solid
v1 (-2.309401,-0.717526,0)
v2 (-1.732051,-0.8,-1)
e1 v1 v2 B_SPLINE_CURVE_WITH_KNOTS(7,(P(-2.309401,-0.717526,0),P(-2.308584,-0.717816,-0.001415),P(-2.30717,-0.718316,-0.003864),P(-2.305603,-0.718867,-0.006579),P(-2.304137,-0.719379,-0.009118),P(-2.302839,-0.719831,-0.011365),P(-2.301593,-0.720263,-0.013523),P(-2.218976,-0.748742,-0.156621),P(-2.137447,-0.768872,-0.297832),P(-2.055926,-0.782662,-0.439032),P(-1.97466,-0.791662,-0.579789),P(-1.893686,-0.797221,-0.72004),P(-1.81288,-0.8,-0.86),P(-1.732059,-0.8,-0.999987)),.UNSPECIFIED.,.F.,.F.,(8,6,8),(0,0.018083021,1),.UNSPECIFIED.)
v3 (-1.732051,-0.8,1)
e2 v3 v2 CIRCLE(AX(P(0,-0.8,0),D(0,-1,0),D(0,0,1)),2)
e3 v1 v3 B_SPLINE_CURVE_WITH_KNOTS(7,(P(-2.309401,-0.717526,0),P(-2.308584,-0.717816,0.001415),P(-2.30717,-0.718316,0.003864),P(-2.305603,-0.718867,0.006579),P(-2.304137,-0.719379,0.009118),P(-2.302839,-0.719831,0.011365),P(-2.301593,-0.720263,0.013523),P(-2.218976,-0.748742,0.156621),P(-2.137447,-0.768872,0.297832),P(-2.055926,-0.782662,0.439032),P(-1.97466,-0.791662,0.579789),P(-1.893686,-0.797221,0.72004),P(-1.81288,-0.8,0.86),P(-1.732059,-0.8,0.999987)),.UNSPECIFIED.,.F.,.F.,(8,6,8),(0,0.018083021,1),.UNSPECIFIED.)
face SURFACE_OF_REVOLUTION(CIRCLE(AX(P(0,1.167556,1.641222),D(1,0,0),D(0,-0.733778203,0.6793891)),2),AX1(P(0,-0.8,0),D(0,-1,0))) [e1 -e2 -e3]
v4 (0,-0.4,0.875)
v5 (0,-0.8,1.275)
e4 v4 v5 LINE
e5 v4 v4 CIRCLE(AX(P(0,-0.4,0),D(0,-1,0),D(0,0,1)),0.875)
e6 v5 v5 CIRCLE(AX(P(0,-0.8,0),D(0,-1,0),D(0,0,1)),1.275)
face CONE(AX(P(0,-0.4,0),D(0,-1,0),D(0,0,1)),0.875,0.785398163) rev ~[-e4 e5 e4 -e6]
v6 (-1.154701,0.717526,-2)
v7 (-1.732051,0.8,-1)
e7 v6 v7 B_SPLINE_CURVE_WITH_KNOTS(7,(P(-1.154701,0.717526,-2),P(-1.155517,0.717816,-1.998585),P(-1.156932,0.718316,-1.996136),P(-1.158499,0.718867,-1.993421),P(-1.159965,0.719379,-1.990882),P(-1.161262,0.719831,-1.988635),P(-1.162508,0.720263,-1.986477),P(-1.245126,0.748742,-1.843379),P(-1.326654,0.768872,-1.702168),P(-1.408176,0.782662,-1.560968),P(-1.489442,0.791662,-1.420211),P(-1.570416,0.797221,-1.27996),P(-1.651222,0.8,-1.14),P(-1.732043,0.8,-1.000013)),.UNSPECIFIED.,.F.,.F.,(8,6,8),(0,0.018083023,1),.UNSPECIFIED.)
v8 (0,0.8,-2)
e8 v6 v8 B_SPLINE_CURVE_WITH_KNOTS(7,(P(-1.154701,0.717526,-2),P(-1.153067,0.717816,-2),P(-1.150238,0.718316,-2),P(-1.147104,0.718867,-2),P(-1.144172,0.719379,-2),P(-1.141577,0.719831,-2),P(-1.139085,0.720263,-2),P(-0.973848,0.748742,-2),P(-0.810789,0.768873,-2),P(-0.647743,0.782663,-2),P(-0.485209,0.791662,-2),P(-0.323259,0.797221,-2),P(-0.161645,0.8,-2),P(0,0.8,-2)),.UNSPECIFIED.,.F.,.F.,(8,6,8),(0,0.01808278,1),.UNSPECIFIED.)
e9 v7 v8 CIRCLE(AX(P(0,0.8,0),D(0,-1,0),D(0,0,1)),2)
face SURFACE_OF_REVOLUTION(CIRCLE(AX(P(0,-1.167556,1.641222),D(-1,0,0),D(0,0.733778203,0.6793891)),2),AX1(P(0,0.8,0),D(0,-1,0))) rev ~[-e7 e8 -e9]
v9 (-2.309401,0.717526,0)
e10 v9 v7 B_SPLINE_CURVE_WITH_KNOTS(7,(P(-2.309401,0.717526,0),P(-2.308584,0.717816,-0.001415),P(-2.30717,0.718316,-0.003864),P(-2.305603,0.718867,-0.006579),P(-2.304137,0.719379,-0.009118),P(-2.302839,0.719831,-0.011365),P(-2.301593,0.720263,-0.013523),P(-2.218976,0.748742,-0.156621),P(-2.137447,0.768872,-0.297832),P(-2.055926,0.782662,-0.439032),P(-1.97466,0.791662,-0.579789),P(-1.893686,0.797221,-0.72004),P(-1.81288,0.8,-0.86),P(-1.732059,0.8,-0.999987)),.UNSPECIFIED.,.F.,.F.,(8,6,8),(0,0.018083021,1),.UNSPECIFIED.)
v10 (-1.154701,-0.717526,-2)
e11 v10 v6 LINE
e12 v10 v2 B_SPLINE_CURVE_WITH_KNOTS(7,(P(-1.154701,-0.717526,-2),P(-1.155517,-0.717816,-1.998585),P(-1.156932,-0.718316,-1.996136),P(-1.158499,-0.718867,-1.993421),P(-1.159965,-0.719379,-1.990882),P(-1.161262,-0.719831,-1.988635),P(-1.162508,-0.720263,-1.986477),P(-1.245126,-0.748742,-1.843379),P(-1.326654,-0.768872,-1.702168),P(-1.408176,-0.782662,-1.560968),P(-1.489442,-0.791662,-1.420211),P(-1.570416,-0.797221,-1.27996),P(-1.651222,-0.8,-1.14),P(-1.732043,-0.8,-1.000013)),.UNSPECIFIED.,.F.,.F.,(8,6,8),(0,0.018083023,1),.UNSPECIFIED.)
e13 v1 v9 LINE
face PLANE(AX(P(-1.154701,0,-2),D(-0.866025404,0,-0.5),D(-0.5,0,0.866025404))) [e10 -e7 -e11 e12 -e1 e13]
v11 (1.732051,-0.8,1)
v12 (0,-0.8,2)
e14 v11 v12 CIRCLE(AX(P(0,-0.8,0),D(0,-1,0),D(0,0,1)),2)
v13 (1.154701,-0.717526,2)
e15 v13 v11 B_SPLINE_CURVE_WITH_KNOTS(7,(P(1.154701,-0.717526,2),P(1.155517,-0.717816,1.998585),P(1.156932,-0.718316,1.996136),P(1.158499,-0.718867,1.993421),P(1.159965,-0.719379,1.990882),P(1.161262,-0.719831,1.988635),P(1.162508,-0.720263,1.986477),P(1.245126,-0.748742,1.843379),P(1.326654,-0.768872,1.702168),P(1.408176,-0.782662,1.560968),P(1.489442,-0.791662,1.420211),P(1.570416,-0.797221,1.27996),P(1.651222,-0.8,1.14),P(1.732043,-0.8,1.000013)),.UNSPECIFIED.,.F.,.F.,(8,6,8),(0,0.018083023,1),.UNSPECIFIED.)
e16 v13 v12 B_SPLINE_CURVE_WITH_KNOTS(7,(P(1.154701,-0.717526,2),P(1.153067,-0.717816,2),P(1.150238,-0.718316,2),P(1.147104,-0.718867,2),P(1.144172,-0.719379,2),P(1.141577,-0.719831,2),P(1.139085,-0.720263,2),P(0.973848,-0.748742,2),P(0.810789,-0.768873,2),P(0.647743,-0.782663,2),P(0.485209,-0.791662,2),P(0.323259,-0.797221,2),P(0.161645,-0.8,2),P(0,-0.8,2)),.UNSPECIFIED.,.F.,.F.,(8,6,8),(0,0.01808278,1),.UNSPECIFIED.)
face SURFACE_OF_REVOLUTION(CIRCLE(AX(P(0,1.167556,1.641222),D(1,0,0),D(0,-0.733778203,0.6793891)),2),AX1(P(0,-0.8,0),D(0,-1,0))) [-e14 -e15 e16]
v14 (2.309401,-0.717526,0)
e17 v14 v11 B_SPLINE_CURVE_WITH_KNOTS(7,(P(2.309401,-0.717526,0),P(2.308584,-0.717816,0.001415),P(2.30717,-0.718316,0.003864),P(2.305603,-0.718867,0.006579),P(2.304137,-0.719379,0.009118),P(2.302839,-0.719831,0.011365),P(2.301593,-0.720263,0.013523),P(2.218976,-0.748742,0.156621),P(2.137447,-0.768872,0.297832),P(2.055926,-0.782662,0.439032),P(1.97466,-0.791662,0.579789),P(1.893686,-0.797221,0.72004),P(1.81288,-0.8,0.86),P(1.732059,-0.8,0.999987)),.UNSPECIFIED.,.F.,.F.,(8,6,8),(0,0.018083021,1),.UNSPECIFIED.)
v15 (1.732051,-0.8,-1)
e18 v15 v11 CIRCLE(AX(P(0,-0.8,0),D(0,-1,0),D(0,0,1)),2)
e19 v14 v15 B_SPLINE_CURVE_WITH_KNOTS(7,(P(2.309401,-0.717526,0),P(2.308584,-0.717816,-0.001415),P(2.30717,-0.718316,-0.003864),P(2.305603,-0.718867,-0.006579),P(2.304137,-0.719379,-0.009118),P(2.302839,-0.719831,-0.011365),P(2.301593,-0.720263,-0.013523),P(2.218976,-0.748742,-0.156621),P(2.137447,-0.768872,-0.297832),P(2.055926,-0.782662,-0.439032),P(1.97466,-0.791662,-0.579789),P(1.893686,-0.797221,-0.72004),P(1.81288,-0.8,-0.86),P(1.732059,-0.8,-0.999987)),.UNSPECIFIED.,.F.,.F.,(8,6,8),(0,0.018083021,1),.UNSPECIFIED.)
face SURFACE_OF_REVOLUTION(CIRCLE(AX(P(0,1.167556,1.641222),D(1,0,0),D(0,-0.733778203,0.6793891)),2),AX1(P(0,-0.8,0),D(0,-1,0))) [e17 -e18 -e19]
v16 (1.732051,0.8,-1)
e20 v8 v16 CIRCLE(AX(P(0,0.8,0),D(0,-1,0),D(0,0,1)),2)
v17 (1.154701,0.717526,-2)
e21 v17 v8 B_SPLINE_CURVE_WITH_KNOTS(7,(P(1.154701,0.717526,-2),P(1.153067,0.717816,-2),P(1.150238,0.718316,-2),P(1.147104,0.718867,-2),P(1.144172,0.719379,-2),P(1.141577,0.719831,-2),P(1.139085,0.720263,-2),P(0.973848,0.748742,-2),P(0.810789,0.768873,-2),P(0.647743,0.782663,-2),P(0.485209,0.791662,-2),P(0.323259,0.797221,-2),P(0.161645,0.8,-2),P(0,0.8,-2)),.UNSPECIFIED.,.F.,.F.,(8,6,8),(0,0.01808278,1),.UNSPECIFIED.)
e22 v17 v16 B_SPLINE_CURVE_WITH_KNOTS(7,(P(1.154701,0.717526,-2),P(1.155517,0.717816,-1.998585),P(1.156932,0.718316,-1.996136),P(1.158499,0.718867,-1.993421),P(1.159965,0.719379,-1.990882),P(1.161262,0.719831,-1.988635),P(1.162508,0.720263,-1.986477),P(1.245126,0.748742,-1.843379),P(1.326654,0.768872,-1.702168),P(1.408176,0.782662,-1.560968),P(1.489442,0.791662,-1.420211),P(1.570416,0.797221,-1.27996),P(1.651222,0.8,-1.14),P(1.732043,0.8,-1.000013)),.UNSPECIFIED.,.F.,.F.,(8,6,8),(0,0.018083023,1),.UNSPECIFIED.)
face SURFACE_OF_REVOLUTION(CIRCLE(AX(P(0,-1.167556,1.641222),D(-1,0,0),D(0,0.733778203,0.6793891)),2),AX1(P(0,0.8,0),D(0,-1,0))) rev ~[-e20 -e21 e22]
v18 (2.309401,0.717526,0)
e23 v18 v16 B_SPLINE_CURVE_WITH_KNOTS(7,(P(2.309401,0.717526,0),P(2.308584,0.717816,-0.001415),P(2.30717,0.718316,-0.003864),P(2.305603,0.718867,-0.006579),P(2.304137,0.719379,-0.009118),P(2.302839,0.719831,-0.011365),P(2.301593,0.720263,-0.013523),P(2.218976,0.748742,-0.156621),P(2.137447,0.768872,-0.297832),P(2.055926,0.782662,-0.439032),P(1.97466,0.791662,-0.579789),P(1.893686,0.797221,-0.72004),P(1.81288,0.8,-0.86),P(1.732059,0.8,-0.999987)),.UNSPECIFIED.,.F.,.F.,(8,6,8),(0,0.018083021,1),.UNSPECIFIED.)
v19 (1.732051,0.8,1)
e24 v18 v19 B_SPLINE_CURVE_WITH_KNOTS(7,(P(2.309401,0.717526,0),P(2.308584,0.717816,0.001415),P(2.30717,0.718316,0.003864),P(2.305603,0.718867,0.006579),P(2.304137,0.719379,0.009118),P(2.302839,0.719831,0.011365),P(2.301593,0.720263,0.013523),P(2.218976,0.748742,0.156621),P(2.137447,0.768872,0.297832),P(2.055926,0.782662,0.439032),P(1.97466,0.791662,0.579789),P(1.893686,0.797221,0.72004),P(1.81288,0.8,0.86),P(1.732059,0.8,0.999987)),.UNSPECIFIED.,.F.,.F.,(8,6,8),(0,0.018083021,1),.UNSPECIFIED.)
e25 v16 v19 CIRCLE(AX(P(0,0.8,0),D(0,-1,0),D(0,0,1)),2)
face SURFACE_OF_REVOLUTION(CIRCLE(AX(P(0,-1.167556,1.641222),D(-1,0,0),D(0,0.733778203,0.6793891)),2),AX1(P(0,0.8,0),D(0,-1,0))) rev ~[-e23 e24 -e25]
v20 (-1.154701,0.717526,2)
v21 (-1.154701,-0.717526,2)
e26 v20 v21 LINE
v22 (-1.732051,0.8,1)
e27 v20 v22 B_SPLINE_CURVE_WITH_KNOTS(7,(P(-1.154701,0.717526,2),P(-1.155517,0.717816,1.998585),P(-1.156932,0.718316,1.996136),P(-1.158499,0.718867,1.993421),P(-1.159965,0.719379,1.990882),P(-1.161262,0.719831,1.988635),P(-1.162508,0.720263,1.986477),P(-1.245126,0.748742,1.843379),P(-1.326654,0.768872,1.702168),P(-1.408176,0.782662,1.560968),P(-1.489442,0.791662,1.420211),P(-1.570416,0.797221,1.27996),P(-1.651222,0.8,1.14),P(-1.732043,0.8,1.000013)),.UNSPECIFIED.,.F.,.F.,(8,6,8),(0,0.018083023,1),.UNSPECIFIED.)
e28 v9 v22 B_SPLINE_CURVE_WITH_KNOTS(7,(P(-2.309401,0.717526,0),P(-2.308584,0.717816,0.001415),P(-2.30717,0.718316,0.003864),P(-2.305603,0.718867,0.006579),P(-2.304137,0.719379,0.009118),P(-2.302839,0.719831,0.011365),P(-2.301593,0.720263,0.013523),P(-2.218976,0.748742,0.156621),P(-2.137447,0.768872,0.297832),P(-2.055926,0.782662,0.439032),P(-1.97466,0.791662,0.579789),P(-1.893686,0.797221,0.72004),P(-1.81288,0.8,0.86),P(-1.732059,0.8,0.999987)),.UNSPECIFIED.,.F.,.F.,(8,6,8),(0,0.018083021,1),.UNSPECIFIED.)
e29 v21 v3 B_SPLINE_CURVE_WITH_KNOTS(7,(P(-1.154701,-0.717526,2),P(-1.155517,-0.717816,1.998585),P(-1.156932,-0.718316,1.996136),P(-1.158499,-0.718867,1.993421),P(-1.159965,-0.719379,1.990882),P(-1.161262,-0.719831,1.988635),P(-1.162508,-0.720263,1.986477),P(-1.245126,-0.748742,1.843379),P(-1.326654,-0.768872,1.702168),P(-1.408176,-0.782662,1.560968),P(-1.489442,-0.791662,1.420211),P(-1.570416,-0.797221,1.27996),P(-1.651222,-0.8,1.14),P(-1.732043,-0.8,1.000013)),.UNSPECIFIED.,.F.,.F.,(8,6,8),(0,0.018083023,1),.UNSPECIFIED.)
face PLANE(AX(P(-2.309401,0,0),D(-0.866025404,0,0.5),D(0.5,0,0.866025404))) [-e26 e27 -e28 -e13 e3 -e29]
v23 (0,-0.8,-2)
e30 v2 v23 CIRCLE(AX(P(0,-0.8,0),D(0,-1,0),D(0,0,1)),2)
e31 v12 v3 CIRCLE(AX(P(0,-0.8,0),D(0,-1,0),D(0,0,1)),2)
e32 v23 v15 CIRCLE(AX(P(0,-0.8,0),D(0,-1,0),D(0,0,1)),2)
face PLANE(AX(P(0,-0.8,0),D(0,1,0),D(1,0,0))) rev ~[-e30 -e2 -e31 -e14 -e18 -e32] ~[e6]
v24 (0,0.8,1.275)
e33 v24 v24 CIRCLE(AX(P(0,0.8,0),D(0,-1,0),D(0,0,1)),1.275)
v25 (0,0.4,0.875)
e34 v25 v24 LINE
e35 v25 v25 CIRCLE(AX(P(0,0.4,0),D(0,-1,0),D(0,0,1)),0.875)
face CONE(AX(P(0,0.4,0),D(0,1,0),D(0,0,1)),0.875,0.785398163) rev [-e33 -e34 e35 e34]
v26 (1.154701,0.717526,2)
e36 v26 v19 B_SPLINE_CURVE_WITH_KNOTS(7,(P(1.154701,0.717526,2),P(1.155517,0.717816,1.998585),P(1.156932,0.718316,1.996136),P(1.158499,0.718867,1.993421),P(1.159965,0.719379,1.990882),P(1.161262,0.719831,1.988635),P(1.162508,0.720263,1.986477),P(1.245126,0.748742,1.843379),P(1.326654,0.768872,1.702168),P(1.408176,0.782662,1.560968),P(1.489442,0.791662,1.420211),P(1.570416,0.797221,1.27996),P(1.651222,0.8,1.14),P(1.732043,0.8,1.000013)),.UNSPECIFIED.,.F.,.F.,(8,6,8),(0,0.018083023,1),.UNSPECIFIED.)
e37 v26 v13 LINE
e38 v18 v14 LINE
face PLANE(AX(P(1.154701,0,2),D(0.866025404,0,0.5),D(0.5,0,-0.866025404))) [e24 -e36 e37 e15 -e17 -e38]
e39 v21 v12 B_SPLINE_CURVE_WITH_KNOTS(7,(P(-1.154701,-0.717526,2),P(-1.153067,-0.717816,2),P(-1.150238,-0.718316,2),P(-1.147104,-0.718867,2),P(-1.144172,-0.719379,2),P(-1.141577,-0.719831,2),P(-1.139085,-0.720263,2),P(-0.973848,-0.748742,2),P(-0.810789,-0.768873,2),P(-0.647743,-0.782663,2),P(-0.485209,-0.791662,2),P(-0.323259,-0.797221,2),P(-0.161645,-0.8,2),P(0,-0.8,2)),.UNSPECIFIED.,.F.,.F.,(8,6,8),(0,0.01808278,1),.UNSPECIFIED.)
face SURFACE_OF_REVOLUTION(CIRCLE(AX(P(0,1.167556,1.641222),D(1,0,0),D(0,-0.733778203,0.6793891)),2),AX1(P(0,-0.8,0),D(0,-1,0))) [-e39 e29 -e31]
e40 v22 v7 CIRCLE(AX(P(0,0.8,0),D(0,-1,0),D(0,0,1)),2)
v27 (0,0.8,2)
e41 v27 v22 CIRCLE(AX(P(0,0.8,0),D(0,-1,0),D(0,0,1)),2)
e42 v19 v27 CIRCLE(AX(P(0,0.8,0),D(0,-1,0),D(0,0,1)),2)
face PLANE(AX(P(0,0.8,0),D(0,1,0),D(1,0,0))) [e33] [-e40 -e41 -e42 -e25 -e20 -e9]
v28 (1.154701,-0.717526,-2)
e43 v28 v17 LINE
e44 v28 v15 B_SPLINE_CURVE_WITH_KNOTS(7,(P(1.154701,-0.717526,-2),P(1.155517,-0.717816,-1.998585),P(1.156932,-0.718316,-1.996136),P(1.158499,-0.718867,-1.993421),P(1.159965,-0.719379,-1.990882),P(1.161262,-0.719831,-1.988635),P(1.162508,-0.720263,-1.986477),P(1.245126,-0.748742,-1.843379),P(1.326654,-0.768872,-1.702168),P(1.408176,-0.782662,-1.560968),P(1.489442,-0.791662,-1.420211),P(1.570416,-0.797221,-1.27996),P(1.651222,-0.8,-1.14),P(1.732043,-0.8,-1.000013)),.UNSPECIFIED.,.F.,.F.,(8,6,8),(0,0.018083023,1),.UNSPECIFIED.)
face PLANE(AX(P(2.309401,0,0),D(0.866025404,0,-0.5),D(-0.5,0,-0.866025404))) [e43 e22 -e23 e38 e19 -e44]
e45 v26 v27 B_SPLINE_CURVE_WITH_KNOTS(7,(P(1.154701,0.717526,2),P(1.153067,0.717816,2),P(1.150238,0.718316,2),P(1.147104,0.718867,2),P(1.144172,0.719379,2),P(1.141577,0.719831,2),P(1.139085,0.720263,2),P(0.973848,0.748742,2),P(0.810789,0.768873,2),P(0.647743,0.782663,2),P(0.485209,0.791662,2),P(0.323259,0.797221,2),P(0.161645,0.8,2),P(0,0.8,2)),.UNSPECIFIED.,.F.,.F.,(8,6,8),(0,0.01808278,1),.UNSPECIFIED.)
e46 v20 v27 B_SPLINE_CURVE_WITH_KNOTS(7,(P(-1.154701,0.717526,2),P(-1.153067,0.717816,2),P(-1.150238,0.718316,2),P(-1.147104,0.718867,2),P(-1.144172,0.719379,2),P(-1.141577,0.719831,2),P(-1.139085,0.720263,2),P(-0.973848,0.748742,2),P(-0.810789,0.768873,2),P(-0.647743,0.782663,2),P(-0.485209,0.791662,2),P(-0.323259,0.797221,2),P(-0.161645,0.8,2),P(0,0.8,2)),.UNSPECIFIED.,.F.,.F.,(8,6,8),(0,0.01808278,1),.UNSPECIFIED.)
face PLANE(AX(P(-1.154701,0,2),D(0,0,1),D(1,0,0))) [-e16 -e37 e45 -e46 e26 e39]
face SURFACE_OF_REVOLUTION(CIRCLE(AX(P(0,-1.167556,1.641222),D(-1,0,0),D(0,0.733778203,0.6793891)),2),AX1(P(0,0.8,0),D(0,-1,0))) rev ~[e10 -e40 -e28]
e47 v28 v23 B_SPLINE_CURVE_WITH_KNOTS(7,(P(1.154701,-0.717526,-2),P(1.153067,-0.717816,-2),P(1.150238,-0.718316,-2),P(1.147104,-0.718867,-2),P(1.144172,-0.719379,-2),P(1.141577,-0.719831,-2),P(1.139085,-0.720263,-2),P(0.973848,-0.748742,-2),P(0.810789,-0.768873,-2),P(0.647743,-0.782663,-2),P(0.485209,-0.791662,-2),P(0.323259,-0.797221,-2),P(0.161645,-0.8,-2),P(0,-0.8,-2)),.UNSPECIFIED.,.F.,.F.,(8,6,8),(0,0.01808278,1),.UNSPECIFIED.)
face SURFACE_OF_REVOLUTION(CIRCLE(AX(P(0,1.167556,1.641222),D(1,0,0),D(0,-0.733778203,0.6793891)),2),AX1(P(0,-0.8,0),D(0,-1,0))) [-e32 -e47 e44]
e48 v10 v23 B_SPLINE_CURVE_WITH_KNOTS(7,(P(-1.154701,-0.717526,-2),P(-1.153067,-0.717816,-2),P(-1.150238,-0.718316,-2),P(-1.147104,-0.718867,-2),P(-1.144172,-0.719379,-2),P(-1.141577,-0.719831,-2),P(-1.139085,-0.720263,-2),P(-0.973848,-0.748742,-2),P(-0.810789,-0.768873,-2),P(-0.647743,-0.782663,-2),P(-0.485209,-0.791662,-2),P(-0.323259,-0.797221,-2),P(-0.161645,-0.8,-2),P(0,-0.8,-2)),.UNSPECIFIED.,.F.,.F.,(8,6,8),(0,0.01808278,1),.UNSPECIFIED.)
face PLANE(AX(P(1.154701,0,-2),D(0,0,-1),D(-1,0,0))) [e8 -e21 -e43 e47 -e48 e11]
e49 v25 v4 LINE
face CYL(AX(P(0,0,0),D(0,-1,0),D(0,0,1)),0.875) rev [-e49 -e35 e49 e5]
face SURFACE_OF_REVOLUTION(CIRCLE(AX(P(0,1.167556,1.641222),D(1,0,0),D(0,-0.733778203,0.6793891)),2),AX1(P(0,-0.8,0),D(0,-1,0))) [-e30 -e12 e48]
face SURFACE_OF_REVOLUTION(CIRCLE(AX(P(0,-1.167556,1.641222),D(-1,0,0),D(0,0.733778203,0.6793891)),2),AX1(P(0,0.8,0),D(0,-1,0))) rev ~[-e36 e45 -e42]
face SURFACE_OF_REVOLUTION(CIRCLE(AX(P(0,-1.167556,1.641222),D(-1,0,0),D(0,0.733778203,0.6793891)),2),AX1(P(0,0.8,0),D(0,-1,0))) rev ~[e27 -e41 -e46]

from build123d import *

# Parameters (mm, degrees)
SKETCH1_R           = 0.875
BOSS_EXTRUDE1_DEPTH = 0.8


with BuildPart() as part:
    # Sketch1 → Boss-Extrude1 (new, symmetric)
    with BuildSketch(Plane(origin=(0, 0, 0), x_dir=(1, 0, 0), z_dir=(0, 1, 0))):
        Polygon((2.309401077, 0), (1.154700538, 2), (-1.154700538, 2), (-2.309401077, 0), (-1.154700538, -2), (1.154700538, -2), align=None)
        with Locations(Location((0, 0, 0), (0, 0, 270))):
            Circle(SKETCH1_R, mode=Mode.SUBTRACT)
    extrude(amount=BOSS_EXTRUDE1_DEPTH, both=True)

    # Sketch2 → Cut-Revolve1 (revolve, cut)
    with BuildSketch(Plane(origin=(0, 0, 0), x_dir=(0, 0, -1), z_dir=(1, 0, 0))):
        with BuildLine():
            Line((-2, 0.8), (-3, 0.8))
            Line((-3, 0.8), (-3, 0.3))
            ThreePointArc((-3, 0.3), (-2.535648989, 0.621297978), (-2, 0.8))
        make_face()
        Polygon((-0.875, 0.8), (-0.875, 0.4), (-1.275, 0.8), align=None)
    cut_revolve1 = revolve(axis=Axis((0, 0.8, 0), (0, -1, 0)), mode=Mode.SUBTRACT)

    # Mirror1: Cut-Revolve1 across plane
    add(cut_revolve1.mirror(Plane.ZX), mode=Mode.SUBTRACT)


solid = part.part
